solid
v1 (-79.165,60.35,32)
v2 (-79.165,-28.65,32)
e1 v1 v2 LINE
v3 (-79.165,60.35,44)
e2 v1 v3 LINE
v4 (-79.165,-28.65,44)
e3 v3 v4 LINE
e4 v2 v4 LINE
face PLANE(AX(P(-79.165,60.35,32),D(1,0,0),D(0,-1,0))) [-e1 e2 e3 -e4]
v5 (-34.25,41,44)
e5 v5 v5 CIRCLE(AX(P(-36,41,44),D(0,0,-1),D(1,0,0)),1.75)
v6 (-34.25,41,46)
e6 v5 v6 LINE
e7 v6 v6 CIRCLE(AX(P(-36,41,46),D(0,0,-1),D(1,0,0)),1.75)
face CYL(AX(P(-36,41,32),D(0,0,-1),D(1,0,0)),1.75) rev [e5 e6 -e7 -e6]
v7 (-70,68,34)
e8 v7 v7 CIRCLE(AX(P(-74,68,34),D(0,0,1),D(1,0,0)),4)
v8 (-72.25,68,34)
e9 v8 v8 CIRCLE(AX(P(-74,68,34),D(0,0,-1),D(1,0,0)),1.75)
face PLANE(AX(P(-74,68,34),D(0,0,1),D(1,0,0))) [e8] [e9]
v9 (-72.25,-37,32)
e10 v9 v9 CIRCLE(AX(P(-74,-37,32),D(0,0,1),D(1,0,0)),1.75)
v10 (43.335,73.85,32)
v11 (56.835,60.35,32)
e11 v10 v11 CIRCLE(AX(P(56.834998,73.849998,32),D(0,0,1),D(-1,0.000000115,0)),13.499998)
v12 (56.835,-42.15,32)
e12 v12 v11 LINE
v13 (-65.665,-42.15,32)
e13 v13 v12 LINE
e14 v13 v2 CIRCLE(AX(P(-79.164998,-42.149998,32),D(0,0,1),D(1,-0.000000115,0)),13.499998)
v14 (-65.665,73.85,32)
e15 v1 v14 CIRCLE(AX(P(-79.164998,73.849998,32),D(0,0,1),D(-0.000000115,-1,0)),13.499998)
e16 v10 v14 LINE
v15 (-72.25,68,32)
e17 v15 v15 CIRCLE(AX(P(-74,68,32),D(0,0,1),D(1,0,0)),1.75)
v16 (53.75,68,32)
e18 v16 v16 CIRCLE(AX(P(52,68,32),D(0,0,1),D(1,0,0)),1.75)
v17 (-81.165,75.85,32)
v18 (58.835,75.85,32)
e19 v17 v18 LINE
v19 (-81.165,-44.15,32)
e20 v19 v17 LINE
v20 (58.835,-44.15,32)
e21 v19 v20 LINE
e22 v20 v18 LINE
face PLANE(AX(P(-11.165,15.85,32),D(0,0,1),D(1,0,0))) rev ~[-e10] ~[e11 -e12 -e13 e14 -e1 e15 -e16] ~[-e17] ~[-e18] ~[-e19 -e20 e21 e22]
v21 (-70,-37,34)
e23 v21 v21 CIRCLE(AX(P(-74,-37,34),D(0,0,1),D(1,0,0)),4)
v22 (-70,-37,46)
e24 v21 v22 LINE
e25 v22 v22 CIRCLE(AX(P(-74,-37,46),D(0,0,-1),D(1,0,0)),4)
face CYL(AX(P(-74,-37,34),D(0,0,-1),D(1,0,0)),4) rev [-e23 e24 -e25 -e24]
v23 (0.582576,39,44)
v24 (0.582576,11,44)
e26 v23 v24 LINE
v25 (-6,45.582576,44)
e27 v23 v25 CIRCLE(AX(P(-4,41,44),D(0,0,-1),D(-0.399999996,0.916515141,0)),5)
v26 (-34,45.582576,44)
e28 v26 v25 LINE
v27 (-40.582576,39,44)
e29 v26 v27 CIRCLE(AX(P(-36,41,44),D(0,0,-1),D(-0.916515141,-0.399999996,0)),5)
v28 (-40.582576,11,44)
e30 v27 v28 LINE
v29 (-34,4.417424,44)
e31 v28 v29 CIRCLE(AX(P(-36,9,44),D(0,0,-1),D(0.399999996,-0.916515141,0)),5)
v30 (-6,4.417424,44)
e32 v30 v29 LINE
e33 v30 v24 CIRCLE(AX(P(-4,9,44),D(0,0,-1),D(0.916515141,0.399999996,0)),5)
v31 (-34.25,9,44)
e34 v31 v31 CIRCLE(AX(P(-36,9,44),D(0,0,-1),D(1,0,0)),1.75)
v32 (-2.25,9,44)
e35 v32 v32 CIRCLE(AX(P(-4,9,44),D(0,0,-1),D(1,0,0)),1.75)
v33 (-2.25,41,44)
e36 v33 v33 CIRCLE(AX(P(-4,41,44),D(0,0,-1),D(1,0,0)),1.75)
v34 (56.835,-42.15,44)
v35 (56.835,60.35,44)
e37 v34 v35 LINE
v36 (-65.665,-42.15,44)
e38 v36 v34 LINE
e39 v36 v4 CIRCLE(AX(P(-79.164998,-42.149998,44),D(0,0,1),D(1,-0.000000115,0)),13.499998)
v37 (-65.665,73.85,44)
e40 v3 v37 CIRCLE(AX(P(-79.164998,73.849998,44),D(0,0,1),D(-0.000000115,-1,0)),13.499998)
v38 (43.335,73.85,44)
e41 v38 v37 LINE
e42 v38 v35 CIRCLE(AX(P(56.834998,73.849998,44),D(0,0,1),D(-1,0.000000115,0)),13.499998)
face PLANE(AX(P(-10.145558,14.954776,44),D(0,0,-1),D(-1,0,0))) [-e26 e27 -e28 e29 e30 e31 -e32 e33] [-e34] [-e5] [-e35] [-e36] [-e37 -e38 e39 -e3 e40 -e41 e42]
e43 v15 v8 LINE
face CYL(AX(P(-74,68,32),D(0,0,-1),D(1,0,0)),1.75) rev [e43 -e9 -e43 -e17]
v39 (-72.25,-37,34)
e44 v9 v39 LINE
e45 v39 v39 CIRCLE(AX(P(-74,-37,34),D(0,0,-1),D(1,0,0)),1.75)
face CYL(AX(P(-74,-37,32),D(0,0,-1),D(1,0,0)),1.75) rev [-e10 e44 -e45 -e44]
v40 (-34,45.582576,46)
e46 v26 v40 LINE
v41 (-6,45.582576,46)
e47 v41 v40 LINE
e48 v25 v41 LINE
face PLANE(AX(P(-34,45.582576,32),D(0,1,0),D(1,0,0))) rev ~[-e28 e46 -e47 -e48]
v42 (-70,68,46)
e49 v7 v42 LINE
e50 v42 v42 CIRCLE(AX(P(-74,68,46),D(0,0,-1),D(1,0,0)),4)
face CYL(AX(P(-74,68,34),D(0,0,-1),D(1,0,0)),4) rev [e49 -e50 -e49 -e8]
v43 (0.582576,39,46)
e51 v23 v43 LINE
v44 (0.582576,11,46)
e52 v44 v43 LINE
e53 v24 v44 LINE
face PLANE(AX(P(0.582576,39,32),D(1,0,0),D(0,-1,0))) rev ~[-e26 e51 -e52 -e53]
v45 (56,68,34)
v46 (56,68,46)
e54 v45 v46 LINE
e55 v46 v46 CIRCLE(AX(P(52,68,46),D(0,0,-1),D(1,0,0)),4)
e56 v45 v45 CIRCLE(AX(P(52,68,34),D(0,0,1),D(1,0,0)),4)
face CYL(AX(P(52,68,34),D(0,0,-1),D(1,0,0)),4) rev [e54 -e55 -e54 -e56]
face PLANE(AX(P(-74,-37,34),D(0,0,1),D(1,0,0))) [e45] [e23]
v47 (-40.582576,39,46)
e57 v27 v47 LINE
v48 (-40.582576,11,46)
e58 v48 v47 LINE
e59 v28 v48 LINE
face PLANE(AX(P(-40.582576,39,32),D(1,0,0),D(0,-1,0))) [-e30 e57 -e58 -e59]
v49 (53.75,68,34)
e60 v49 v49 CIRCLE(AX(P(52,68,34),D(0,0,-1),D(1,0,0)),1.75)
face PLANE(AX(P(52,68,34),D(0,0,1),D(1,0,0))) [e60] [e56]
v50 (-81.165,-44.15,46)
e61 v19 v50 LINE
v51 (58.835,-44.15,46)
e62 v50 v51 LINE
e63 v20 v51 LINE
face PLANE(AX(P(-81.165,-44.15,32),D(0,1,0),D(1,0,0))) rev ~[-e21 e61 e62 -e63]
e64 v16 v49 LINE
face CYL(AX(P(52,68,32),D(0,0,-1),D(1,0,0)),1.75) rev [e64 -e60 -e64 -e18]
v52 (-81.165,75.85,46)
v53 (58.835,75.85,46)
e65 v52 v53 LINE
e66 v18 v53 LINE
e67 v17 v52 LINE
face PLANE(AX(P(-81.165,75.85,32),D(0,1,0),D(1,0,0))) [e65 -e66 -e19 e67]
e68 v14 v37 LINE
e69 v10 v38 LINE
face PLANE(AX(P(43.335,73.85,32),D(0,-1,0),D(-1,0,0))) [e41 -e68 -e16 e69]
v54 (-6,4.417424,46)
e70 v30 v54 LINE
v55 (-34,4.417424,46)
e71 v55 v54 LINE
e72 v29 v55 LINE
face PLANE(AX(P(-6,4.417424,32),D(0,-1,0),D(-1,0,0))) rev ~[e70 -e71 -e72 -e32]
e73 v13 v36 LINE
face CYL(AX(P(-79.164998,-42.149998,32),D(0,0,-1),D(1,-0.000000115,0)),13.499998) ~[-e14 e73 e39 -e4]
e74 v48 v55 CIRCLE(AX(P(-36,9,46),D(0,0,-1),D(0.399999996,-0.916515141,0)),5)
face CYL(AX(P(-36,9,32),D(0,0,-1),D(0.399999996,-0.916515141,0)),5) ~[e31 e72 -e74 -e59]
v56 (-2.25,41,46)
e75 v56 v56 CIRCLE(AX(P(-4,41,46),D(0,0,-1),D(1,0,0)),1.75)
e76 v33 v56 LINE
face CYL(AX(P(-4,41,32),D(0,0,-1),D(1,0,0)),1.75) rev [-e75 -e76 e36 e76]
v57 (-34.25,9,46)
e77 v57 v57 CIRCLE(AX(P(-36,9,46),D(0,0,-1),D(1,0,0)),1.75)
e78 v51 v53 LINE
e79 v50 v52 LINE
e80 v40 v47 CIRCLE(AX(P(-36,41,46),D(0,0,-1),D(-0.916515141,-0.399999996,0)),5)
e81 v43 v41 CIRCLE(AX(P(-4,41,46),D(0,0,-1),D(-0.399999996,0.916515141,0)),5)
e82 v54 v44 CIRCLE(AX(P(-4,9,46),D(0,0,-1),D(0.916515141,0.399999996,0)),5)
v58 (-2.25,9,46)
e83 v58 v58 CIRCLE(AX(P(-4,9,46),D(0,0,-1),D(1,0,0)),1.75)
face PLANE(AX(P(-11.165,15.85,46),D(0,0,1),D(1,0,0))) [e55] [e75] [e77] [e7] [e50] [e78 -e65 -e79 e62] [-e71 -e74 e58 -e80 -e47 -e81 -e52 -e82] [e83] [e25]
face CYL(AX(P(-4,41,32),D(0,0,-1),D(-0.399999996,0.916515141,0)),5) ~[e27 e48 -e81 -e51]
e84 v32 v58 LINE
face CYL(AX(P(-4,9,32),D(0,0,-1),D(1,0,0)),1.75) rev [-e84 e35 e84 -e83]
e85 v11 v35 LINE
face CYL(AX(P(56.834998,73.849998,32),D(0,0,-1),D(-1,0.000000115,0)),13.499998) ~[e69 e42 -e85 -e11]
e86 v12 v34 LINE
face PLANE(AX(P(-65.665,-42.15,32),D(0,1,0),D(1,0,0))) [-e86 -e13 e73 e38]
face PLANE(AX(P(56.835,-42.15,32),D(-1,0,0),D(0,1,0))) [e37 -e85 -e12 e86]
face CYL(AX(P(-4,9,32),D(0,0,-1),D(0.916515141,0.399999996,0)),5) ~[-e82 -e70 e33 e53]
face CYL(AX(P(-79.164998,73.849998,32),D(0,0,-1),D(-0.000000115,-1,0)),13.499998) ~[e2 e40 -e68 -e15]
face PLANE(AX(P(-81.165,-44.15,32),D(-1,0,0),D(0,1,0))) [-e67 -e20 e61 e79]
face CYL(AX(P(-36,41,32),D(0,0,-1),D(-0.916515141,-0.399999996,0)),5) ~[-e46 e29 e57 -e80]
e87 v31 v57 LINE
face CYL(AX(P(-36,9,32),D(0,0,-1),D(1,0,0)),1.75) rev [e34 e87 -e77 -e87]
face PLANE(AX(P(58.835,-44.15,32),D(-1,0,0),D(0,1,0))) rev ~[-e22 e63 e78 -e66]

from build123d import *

# Parameters (mm, degrees)
SKETCH009_W          = 140
SKETCH009_H          = 120
PAD004_DEPTH         = 14
POCKET005_DEPTH      = 12
SKETCH011_R          = 1.75
POCKET006_DEPTH      = 0.001
POCKET006_DEPTH_BACK = 14.001
SKETCH012_R          = 4
POCKET007_DEPTH      = 12.001
SKETCH013_R          = 1.75
POCKET008_DEPTH      = 14.001


with BuildPart() as part:
    # Sketch009 → Pad004 (new body)
    with BuildSketch(Plane.XY):
        with Locations((-11.165, 15.85)):
            Rectangle(SKETCH009_W, SKETCH009_H)
    extrude(amount=PAD004_DEPTH)

    # Sketch010 → Pocket005 (cut)
    with BuildSketch(Plane.XY):
        with BuildLine():
            ThreePointArc((-79.165, 60.35), (-69.619058, 64.304058), (-65.665, 73.85))
            Line((43.335, 73.85), (-65.665, 73.85))
            ThreePointArc((43.335, 73.85), (47.289058, 64.304058), (56.835, 60.35))
            Line((56.835, -42.15), (56.835, 60.35))
            Line((-65.665, -42.15), (56.835, -42.15))
            ThreePointArc((-65.665, -42.15), (-69.619058, -32.604058), (-79.165, -28.65))
            Line((-79.165, 60.35), (-79.165, -28.65))
        make_face()
    extrude(amount=POCKET005_DEPTH, mode=Mode.SUBTRACT)

    # Sketch011 → Pocket006 (cut, two sides)
    with BuildSketch(Plane.XY) as pocket006_sk:
        with Locations((-74, 68)):
            Circle(SKETCH011_R)
        with Locations((52, 68)):
            Circle(SKETCH011_R)
        with Locations((-74, -37)):
            Circle(SKETCH011_R)
    extrude(amount=-POCKET006_DEPTH, mode=Mode.SUBTRACT)
    extrude(pocket006_sk.sketch, amount=POCKET006_DEPTH_BACK, mode=Mode.SUBTRACT)

    # Sketch012 (on DatumPlane) → Pocket007 (cut, through all)
    with BuildSketch(Plane.XY.offset(2)):
        with Locations((-74, 68)):
            Circle(SKETCH012_R)
        with Locations((52, 68)):
            Circle(SKETCH012_R)
        with Locations((-74, -37)):
            Circle(SKETCH012_R)
    extrude(amount=POCKET007_DEPTH, mode=Mode.SUBTRACT)

    # Sketch013 → Pocket008 (cut, through all)
    with BuildSketch(Plane.XY):
        with Locations((-36, 41)):
            Circle(SKETCH013_R)
        with Locations((-4, 41)):
            Circle(SKETCH013_R)
        with Locations((-36, 9)):
            Circle(SKETCH013_R)
        with Locations((-4, 9)):
            Circle(SKETCH013_R)
        with BuildLine():
            ThreePointArc((-40.582576, 39), (-32.464466, 37.464466), (-34, 45.582576))
            Line((-34, 45.582576), (-6, 45.582576))
            ThreePointArc((-6, 45.582576), (-7.535534, 37.464466), (0.582576, 39))
            Line((0.582576, 39), (0.582576, 11))
            ThreePointArc((0.582576, 11), (-7.535534, 12.535534), (-6, 4.417424))
            Line((-6, 4.417424), (-34, 4.417424))
            ThreePointArc((-34, 4.417424), (-32.464466, 12.535534), (-40.582576, 11))
            Line((-40.582576, 39), (-40.582576, 11))
        make_face()
    extrude(amount=POCKET008_DEPTH, mode=Mode.SUBTRACT)


with BuildPart() as part_1:
    # Body001 placement: moved
    add(part.part.moved(Location((0, 0, 32))))


solid = part_1.part
